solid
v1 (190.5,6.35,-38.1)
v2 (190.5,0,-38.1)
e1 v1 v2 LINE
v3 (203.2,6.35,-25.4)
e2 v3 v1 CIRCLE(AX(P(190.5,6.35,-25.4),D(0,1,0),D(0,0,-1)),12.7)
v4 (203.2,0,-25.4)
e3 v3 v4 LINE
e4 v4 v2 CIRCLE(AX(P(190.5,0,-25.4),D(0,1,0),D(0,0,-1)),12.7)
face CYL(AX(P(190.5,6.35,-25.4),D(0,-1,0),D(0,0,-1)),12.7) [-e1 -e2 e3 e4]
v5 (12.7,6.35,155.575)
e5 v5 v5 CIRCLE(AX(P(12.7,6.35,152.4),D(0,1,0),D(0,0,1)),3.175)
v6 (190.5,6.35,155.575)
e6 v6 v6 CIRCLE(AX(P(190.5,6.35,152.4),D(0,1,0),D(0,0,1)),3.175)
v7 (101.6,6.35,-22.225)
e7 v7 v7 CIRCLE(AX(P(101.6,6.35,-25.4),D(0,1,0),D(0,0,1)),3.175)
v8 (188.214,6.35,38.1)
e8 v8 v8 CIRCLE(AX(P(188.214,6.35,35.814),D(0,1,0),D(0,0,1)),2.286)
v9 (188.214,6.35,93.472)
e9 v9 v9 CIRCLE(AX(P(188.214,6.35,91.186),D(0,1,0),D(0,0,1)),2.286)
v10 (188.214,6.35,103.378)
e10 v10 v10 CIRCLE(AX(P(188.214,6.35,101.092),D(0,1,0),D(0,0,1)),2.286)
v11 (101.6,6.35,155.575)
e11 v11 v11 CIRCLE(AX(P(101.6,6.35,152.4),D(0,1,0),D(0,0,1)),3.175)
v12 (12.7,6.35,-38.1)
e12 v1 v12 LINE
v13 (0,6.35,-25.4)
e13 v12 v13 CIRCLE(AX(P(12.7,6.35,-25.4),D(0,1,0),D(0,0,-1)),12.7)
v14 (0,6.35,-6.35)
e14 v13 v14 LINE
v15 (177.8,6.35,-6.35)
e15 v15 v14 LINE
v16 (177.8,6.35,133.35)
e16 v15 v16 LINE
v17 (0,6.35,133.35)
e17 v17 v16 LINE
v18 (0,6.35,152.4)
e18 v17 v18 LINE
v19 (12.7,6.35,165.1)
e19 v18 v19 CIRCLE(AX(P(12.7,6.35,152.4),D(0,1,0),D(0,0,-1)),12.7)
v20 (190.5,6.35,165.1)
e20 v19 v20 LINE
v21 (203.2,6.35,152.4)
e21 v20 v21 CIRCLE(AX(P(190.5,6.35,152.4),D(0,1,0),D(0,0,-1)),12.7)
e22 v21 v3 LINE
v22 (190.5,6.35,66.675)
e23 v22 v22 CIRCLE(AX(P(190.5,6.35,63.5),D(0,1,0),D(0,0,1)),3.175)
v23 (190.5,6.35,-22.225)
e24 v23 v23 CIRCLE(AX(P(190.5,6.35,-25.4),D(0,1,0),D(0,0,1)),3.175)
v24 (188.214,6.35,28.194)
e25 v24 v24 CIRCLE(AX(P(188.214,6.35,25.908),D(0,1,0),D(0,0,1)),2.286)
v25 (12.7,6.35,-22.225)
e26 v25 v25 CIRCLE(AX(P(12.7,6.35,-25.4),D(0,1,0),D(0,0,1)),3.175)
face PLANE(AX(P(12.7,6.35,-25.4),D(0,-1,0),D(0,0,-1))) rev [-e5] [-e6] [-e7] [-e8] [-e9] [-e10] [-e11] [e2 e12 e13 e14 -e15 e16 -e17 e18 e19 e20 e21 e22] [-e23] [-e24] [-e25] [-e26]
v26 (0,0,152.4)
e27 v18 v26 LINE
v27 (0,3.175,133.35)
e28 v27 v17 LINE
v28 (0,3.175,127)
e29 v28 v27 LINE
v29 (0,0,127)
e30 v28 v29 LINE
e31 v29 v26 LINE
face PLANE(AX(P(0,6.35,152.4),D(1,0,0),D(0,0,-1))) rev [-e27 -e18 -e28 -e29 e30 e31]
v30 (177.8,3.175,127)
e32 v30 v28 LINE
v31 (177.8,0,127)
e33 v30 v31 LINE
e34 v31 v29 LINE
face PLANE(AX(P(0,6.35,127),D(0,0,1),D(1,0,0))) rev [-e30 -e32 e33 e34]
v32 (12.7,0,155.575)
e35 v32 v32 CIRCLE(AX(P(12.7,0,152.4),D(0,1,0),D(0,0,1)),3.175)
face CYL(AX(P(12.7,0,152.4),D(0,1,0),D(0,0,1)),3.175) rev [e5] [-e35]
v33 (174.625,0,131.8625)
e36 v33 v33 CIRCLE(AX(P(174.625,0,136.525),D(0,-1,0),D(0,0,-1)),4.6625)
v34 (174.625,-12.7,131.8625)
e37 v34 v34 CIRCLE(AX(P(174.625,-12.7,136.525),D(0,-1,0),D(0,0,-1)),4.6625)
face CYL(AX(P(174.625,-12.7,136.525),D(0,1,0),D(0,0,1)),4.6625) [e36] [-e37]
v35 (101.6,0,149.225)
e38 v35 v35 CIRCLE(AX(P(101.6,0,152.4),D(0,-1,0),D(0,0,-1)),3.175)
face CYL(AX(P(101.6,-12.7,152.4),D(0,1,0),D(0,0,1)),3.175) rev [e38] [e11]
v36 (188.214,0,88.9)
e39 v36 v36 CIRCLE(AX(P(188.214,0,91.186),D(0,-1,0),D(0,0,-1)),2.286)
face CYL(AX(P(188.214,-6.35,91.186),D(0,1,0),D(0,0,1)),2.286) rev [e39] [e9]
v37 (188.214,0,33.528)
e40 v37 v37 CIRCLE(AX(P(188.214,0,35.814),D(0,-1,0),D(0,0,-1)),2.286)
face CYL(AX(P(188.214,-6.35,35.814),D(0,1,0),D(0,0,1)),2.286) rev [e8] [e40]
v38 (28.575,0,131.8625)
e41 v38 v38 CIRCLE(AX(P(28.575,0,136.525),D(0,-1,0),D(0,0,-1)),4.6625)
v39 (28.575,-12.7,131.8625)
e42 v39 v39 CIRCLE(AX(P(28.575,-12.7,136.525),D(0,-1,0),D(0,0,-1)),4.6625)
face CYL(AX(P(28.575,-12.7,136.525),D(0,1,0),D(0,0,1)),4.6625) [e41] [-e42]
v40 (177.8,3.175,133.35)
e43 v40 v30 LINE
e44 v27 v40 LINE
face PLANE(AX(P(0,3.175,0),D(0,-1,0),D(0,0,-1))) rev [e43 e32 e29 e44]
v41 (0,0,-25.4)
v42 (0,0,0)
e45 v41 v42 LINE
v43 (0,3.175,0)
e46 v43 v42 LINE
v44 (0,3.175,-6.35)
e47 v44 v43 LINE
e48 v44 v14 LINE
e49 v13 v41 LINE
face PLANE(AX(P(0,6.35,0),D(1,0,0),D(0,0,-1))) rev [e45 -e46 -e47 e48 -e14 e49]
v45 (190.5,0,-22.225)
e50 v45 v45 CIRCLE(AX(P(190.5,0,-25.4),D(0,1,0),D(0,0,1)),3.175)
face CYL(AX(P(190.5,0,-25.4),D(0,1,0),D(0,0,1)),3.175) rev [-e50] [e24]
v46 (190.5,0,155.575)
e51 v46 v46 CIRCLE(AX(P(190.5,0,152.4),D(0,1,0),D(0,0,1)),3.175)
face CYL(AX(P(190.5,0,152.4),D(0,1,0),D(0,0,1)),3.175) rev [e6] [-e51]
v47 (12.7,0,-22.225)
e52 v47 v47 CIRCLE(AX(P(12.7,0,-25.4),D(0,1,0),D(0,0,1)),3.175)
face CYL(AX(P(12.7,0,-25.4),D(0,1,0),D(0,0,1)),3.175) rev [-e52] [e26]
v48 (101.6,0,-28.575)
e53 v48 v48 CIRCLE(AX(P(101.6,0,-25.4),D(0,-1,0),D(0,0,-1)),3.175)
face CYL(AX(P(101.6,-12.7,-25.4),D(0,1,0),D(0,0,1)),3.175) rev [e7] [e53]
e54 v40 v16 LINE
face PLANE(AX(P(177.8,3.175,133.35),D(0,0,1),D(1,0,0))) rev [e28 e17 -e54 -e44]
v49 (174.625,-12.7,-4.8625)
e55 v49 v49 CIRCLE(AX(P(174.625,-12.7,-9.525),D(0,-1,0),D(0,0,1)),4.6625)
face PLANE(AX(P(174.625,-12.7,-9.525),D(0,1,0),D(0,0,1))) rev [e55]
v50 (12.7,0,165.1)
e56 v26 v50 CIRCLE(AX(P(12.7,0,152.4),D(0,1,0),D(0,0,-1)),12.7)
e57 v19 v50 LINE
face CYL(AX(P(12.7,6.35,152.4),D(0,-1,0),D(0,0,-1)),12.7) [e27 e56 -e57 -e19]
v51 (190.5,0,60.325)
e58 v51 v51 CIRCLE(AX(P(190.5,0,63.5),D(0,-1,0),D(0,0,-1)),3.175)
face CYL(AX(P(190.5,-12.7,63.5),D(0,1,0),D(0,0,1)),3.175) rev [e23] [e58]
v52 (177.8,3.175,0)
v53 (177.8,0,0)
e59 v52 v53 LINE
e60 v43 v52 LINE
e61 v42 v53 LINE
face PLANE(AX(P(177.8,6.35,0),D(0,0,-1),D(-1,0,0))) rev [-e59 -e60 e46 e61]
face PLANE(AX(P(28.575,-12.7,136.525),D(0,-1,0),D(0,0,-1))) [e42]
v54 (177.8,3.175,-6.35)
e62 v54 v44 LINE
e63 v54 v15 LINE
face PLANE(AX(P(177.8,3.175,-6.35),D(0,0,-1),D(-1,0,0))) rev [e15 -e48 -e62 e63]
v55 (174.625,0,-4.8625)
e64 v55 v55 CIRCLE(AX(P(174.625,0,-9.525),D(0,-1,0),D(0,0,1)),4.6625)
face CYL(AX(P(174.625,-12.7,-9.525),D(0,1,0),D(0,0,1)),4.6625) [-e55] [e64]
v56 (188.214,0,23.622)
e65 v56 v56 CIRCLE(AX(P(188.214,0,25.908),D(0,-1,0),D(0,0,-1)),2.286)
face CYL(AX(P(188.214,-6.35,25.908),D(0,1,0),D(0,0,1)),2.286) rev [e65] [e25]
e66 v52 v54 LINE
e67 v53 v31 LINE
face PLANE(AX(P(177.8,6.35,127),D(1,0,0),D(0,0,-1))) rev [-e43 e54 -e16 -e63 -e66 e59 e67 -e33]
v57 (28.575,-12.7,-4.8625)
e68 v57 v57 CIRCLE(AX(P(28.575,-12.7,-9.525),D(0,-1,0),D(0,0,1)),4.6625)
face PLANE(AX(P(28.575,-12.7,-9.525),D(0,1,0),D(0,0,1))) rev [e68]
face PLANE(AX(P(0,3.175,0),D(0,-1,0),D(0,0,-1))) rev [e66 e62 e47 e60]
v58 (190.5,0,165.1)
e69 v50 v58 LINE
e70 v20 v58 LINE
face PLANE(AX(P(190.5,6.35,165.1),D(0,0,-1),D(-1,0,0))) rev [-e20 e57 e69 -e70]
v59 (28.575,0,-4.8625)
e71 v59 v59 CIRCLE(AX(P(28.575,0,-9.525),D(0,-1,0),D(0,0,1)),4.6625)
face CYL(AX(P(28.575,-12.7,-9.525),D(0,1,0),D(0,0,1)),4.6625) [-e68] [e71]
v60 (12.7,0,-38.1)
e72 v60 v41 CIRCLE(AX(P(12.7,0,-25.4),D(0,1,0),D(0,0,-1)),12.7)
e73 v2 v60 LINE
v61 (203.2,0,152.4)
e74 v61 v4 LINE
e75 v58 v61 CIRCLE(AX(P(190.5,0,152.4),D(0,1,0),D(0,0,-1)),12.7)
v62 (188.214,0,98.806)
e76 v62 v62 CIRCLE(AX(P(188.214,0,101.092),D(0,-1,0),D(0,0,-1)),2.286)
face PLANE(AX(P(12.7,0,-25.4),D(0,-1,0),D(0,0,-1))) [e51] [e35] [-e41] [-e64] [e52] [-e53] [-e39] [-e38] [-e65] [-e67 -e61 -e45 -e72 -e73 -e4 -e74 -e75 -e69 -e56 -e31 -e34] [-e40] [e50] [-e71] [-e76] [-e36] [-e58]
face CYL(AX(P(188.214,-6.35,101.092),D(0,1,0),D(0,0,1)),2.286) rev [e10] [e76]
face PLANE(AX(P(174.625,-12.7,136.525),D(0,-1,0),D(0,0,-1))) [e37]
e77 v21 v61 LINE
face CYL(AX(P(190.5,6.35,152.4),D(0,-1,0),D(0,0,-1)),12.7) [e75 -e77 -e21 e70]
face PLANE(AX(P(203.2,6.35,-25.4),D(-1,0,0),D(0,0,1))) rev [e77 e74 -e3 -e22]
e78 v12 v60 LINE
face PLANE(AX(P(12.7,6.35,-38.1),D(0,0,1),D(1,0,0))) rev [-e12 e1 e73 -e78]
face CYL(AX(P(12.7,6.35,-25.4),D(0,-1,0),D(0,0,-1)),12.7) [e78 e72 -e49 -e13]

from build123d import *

# Parameters (mm, degrees)
BOSS_EXTRUDE2_DEPTH = 6.35
SKETCH2_R           = 3.175
CUT_EXTRUDE1_DEPTH  = 7.35
SKETCH5_R           = 4.6625
BOSS_EXTRUDE3_DEPTH = 12.7
SKETCH6_W           = 177.8
SKETCH6_H           = 6.35
CUT_EXTRUDE2_DEPTH  = 3.175
SKETCH7_R           = 2.286
CUT_EXTRUDE3_DEPTH  = 12.7
SKETCH8_R           = 3.175
CUT_EXTRUDE4_DEPTH  = 20.05


with BuildPart() as part:
    # Sketch1 → Boss-Extrude2 (new body)
    with BuildSketch(Plane(origin=(0, 0, 0), x_dir=(1, 0, 0), z_dir=(0, 1, 0))):
        with BuildLine():
            Line((0, 0), (0, 25.4))
            ThreePointArc((0, 25.4), (3.719743879, 34.380256121), (12.7, 38.1))
            Line((12.7, 38.1), (190.5, 38.1))
            ThreePointArc((190.5, 38.1), (199.480256121, 34.380256121), (203.2, 25.4))
            Line((203.2, 25.4), (203.2, -152.4))
            ThreePointArc((203.2, -152.4), (199.480256121, -161.380256121), (190.5, -165.1))
            Line((190.5, -165.1), (12.7, -165.1))
            ThreePointArc((12.7, -165.1), (3.719743879, -161.380256121), (0, -152.4))
            Line((0, -152.4), (0, -127))
            Line((0, -127), (177.8, -127))
            Line((177.8, -127), (177.8, 0))
            Line((177.8, 0), (0, 0))
        make_face()
    extrude(amount=BOSS_EXTRUDE2_DEPTH)

    # Sketch2 → Cut-Extrude1 (cut, through all)
    with BuildSketch(Plane(origin=(0, 6.35, 0), x_dir=(1, 0, 0), z_dir=(0, 1, 0))):
        with Locations((12.7, 25.4)):
            Circle(SKETCH2_R)
        with Locations((190.5, 25.4)):
            Circle(SKETCH2_R)
        with Locations((190.5, -152.4)):
            Circle(SKETCH2_R)
        with Locations((12.7, -152.4)):
            Circle(SKETCH2_R)
    extrude(amount=-CUT_EXTRUDE1_DEPTH, mode=Mode.SUBTRACT)

    # Sketch5 → Boss-Extrude3 (add)
    with BuildSketch(Plane.XZ):
        with Locations((28.575, 136.525)):
            Circle(SKETCH5_R)
        with Locations((174.625, 136.525)):
            Circle(SKETCH5_R)
        with Locations((174.625, -9.525)):
            Circle(SKETCH5_R)
        with Locations((28.575, -9.525)):
            Circle(SKETCH5_R)
    extrude(amount=BOSS_EXTRUDE3_DEPTH)

    # Sketch6 → Cut-Extrude2 (cut)
    with BuildSketch(Plane(origin=(0, 6.35, 0), x_dir=(1, 0, 0), z_dir=(0, 1, 0))):
        with Locations((88.9, -130.175)):
            Rectangle(SKETCH6_W, SKETCH6_H)
        with Locations((88.9, 3.175)):
            Rectangle(SKETCH6_W, SKETCH6_H)
    extrude(amount=-CUT_EXTRUDE2_DEPTH, mode=Mode.SUBTRACT)

    # Sketch7 → Cut-Extrude3 (cut)
    with BuildSketch(Plane(origin=(0, 6.35, 0), x_dir=(1, 0, 0), z_dir=(0, 1, 0))):
        with Locations((188.214, -101.092)):
            Circle(SKETCH7_R)
        with Locations((188.214, -91.186)):
            Circle(SKETCH7_R)
        with Locations((188.214, -35.814)):
            Circle(SKETCH7_R)
        with Locations((188.214, -25.908)):
            Circle(SKETCH7_R)
    extrude(amount=-CUT_EXTRUDE3_DEPTH, mode=Mode.SUBTRACT)

    # Sketch8 → Cut-Extrude4 (cut, through all)
    with BuildSketch(Plane(origin=(0, 6.35, 0), x_dir=(1, 0, 0), z_dir=(0, 1, 0))):
        with Locations((101.6, 25.4)):
            Circle(SKETCH8_R)
        with Locations((190.5, -63.5)):
            Circle(SKETCH8_R)
        with Locations((101.6, -152.4)):
            Circle(SKETCH8_R)
    extrude(amount=-CUT_EXTRUDE4_DEPTH, mode=Mode.SUBTRACT)


solid = part.part
